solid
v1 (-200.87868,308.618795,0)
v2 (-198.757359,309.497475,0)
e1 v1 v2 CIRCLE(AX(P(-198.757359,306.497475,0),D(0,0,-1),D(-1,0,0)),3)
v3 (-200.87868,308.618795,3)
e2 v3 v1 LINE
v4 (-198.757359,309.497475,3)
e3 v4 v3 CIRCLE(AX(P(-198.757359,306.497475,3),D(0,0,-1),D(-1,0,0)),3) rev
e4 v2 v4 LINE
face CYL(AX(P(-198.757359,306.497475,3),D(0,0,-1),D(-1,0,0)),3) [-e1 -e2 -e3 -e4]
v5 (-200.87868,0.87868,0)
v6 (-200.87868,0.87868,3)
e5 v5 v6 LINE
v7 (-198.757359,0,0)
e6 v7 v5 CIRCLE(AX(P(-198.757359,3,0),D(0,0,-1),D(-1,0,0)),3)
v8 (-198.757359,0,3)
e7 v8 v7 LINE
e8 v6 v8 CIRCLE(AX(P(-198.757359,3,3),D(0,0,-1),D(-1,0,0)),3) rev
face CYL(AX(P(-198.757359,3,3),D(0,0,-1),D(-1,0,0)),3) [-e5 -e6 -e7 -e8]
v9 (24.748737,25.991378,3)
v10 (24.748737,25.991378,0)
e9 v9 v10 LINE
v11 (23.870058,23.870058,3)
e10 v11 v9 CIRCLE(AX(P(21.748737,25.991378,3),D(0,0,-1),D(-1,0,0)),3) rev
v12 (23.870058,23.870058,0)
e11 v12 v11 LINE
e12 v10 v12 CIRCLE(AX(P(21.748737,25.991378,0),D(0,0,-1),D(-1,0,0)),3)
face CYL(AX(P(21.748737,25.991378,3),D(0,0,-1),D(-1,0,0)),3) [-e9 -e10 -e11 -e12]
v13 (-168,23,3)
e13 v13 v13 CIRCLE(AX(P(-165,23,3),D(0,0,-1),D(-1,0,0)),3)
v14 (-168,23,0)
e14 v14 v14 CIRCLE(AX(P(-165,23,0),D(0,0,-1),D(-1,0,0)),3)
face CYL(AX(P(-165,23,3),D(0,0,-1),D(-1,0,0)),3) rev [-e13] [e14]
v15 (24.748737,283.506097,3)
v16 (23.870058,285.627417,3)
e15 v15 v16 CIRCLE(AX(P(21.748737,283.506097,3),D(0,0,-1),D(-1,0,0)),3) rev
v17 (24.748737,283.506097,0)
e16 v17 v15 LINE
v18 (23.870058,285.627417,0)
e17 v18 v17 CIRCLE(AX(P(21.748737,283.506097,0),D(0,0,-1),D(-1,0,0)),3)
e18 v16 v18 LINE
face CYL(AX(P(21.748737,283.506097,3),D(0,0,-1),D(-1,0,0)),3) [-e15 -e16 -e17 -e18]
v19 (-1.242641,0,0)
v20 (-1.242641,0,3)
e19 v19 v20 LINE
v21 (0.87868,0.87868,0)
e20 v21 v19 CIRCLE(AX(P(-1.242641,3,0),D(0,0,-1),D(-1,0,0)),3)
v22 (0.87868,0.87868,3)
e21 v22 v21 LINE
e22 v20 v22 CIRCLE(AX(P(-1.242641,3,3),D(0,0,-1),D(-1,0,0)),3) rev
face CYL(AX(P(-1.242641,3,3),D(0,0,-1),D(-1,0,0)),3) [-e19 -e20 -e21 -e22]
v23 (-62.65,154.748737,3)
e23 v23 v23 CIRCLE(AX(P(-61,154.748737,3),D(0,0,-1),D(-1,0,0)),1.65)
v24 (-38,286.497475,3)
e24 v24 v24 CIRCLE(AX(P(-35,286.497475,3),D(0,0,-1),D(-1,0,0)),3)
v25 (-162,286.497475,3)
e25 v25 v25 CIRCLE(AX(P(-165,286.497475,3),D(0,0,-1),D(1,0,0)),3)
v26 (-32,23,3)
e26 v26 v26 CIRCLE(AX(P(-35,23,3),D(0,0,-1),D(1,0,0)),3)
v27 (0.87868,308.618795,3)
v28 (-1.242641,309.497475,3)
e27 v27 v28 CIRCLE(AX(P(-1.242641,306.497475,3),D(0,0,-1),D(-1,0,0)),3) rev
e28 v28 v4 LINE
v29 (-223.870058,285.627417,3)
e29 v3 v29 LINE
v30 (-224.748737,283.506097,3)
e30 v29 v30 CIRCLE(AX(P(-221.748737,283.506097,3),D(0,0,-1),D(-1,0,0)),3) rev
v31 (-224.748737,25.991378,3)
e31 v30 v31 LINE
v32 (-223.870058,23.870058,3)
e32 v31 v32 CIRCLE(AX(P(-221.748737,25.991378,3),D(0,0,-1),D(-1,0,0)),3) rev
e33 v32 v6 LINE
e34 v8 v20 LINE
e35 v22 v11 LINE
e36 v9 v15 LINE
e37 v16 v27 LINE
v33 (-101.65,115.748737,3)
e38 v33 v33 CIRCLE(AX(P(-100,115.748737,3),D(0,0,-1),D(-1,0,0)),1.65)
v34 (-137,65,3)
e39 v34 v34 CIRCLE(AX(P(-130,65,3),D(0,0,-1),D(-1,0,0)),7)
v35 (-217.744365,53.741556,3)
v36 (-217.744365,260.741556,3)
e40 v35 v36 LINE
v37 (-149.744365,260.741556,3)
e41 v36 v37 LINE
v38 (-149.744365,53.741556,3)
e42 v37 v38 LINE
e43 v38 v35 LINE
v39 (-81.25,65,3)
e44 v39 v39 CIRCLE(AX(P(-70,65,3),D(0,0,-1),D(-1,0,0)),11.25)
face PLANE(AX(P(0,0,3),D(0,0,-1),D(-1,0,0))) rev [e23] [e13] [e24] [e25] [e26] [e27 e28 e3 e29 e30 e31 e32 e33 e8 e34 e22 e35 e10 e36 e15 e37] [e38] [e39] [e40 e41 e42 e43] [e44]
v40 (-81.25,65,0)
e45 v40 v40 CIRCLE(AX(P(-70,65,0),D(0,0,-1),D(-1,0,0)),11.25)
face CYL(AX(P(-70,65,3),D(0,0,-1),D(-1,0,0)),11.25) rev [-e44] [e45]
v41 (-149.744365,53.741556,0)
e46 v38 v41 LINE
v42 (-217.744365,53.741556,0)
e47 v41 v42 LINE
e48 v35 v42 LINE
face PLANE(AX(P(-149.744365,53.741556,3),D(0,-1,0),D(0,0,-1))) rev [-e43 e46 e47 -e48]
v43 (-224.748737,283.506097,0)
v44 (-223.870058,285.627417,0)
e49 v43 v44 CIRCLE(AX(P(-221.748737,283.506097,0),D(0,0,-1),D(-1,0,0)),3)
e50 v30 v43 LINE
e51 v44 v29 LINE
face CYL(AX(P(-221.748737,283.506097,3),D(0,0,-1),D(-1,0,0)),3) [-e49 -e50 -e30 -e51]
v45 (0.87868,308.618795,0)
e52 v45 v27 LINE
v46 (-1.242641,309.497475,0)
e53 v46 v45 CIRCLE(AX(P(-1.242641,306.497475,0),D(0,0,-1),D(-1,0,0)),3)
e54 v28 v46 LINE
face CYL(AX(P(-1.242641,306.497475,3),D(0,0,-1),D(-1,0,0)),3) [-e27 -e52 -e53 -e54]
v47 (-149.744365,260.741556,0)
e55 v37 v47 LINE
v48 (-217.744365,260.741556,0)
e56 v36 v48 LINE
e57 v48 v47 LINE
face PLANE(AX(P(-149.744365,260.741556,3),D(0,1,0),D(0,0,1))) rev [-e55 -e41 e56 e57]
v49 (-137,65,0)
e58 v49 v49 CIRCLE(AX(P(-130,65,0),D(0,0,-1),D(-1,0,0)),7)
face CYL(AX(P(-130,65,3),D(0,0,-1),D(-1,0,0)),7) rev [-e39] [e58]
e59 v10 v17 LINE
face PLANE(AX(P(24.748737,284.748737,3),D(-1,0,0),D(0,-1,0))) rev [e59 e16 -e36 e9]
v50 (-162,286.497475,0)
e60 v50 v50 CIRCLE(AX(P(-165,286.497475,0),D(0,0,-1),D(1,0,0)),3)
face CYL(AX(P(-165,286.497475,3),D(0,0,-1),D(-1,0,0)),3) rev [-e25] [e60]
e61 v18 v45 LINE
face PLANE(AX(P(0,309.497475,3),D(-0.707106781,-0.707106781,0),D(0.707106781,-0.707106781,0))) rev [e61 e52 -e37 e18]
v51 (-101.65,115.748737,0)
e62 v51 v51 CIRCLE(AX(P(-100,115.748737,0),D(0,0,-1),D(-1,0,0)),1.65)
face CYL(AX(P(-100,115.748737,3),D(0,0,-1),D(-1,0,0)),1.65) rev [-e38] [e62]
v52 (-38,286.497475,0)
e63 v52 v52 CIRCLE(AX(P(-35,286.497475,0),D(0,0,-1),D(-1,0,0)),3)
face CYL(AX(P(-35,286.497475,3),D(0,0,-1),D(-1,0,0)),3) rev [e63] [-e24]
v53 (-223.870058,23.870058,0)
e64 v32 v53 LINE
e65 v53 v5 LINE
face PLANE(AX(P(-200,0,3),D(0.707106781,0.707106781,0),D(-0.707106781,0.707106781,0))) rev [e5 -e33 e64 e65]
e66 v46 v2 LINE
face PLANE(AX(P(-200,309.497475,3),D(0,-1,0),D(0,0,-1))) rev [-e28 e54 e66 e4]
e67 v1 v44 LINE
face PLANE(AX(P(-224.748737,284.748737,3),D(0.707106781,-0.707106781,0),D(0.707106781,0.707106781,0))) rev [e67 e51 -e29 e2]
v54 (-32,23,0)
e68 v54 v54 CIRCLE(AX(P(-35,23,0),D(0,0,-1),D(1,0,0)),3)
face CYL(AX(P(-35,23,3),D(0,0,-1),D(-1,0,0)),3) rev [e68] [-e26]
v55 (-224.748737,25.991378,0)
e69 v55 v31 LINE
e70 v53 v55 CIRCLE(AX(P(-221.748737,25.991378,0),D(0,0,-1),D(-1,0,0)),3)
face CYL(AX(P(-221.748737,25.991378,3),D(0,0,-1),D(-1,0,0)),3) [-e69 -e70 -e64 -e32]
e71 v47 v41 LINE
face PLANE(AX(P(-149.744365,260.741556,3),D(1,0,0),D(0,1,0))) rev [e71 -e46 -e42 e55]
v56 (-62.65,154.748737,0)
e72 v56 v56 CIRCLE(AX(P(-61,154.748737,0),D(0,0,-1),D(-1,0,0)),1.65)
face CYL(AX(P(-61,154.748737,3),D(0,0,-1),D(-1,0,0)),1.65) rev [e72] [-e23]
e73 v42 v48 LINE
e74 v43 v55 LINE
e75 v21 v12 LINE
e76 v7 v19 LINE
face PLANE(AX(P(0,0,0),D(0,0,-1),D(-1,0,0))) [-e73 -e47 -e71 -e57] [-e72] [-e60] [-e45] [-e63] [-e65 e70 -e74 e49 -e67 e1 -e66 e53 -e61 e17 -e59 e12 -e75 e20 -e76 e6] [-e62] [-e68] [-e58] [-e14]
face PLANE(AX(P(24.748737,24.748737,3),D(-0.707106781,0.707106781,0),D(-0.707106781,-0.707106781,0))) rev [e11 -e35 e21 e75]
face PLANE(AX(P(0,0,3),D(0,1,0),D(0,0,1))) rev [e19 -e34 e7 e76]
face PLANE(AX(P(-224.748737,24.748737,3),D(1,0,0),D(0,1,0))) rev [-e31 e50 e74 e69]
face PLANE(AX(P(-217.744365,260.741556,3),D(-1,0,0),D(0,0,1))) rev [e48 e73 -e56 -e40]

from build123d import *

# Parameters (mm, degrees)
BASE_DEPTH                     = 3
CONG_1_R                       = 3
ESQUISSE20_R                   = 3
PER_AGE_PROFIL_S_DEPTH         = 4
ESQUISSE21_R                   = 1.65
PER_AGE_LIDAR_DEPTH            = 4
ESQUISSE22_R                   = 11.25
PER_AGE_ARRET_D_URGENCE_DEPTH  = 4
ESQUISSE23_R                   = 7
PER_AGE_TIRETTE_DEPTH          = 4
ESQUISSE24_W                   = 68
ESQUISSE24_H                   = 207
PER_AGE_CABLE_MANAGEMENT_DEPTH = 4


with BuildPart() as part:
    # Esquisse1 → Base (new body)
    with BuildSketch(Plane.XY):
        Polygon((0, 0), (-200, 0), (-224.748737342, 24.748737342), (-224.748737342, 284.748737342), (-200, 309.497474683), (0, 309.497474683), (24.748737342, 284.748737342), (24.748737342, 24.748737342), align=None)
    extrude(amount=BASE_DEPTH)

    # Congé1
    cong_1_edges = [part.edges().sort_by_distance(p)[0] for p in [
        (0, 0, 1.5),
        (-200, 0, 1.5),
        (-224.748737342, 24.748737342, 1.5),
        (-224.748737342, 284.748737342, 1.5),
        (-200, 309.497474683, 1.5),
        (0, 309.497474683, 1.5),
        (24.748737342, 284.748737342, 1.5),
        (24.748737342, 24.748737342, 1.5),
    ]]
    fillet(cong_1_edges, radius=CONG_1_R)

    # Esquisse20 → Perçage Profilés (cut, through all)
    with BuildSketch(Plane(origin=(0, 0, 0), x_dir=(-1, 0, 0), z_dir=(0, 0, -1))):
        with Locations((35, 286.497474683)):
            Circle(ESQUISSE20_R)
        with Locations((165, 286.497474683)):
            Circle(ESQUISSE20_R)
        with Locations((165, 23)):
            Circle(ESQUISSE20_R)
        with Locations((35, 23)):
            Circle(ESQUISSE20_R)
    extrude(amount=-PER_AGE_PROFIL_S_DEPTH, mode=Mode.SUBTRACT)

    # Esquisse21 → Perçage Lidar (cut, through all)
    with BuildSketch(Plane(origin=(0, 0, 0), x_dir=(-1, 0, 0), z_dir=(0, 0, -1))):
        with Locations((61, 154.748737342)):
            Circle(ESQUISSE21_R)
        with Locations((100, 115.748737342)):
            Circle(ESQUISSE21_R)
    extrude(amount=-PER_AGE_LIDAR_DEPTH, mode=Mode.SUBTRACT)

    # Esquisse22 → Perçage Arret d'urgence (cut, through all)
    with BuildSketch(Plane(origin=(0, 0, 0), x_dir=(-1, 0, 0), z_dir=(0, 0, -1))):
        with Locations((70, 65)):
            Circle(ESQUISSE22_R)
    extrude(amount=-PER_AGE_ARRET_D_URGENCE_DEPTH, mode=Mode.SUBTRACT)

    # Esquisse23 → Perçage Tirette (cut, through all)
    with BuildSketch(Plane(origin=(0, 0, 0), x_dir=(-1, 0, 0), z_dir=(0, 0, -1))):
        with Locations((130, 65)):
            Circle(ESQUISSE23_R)
    extrude(amount=-PER_AGE_TIRETTE_DEPTH, mode=Mode.SUBTRACT)

    # Esquisse24 → Perçage Cable management (cut, through all)
    with BuildSketch(Plane(origin=(0, 0, 0), x_dir=(-1, 0, 0), z_dir=(0, 0, -1))):
        with Locations((183.744364822, 157.241556094)):
            Rectangle(ESQUISSE24_W, ESQUISSE24_H)
    extrude(amount=-PER_AGE_CABLE_MANAGEMENT_DEPTH, mode=Mode.SUBTRACT)


solid = part.part
